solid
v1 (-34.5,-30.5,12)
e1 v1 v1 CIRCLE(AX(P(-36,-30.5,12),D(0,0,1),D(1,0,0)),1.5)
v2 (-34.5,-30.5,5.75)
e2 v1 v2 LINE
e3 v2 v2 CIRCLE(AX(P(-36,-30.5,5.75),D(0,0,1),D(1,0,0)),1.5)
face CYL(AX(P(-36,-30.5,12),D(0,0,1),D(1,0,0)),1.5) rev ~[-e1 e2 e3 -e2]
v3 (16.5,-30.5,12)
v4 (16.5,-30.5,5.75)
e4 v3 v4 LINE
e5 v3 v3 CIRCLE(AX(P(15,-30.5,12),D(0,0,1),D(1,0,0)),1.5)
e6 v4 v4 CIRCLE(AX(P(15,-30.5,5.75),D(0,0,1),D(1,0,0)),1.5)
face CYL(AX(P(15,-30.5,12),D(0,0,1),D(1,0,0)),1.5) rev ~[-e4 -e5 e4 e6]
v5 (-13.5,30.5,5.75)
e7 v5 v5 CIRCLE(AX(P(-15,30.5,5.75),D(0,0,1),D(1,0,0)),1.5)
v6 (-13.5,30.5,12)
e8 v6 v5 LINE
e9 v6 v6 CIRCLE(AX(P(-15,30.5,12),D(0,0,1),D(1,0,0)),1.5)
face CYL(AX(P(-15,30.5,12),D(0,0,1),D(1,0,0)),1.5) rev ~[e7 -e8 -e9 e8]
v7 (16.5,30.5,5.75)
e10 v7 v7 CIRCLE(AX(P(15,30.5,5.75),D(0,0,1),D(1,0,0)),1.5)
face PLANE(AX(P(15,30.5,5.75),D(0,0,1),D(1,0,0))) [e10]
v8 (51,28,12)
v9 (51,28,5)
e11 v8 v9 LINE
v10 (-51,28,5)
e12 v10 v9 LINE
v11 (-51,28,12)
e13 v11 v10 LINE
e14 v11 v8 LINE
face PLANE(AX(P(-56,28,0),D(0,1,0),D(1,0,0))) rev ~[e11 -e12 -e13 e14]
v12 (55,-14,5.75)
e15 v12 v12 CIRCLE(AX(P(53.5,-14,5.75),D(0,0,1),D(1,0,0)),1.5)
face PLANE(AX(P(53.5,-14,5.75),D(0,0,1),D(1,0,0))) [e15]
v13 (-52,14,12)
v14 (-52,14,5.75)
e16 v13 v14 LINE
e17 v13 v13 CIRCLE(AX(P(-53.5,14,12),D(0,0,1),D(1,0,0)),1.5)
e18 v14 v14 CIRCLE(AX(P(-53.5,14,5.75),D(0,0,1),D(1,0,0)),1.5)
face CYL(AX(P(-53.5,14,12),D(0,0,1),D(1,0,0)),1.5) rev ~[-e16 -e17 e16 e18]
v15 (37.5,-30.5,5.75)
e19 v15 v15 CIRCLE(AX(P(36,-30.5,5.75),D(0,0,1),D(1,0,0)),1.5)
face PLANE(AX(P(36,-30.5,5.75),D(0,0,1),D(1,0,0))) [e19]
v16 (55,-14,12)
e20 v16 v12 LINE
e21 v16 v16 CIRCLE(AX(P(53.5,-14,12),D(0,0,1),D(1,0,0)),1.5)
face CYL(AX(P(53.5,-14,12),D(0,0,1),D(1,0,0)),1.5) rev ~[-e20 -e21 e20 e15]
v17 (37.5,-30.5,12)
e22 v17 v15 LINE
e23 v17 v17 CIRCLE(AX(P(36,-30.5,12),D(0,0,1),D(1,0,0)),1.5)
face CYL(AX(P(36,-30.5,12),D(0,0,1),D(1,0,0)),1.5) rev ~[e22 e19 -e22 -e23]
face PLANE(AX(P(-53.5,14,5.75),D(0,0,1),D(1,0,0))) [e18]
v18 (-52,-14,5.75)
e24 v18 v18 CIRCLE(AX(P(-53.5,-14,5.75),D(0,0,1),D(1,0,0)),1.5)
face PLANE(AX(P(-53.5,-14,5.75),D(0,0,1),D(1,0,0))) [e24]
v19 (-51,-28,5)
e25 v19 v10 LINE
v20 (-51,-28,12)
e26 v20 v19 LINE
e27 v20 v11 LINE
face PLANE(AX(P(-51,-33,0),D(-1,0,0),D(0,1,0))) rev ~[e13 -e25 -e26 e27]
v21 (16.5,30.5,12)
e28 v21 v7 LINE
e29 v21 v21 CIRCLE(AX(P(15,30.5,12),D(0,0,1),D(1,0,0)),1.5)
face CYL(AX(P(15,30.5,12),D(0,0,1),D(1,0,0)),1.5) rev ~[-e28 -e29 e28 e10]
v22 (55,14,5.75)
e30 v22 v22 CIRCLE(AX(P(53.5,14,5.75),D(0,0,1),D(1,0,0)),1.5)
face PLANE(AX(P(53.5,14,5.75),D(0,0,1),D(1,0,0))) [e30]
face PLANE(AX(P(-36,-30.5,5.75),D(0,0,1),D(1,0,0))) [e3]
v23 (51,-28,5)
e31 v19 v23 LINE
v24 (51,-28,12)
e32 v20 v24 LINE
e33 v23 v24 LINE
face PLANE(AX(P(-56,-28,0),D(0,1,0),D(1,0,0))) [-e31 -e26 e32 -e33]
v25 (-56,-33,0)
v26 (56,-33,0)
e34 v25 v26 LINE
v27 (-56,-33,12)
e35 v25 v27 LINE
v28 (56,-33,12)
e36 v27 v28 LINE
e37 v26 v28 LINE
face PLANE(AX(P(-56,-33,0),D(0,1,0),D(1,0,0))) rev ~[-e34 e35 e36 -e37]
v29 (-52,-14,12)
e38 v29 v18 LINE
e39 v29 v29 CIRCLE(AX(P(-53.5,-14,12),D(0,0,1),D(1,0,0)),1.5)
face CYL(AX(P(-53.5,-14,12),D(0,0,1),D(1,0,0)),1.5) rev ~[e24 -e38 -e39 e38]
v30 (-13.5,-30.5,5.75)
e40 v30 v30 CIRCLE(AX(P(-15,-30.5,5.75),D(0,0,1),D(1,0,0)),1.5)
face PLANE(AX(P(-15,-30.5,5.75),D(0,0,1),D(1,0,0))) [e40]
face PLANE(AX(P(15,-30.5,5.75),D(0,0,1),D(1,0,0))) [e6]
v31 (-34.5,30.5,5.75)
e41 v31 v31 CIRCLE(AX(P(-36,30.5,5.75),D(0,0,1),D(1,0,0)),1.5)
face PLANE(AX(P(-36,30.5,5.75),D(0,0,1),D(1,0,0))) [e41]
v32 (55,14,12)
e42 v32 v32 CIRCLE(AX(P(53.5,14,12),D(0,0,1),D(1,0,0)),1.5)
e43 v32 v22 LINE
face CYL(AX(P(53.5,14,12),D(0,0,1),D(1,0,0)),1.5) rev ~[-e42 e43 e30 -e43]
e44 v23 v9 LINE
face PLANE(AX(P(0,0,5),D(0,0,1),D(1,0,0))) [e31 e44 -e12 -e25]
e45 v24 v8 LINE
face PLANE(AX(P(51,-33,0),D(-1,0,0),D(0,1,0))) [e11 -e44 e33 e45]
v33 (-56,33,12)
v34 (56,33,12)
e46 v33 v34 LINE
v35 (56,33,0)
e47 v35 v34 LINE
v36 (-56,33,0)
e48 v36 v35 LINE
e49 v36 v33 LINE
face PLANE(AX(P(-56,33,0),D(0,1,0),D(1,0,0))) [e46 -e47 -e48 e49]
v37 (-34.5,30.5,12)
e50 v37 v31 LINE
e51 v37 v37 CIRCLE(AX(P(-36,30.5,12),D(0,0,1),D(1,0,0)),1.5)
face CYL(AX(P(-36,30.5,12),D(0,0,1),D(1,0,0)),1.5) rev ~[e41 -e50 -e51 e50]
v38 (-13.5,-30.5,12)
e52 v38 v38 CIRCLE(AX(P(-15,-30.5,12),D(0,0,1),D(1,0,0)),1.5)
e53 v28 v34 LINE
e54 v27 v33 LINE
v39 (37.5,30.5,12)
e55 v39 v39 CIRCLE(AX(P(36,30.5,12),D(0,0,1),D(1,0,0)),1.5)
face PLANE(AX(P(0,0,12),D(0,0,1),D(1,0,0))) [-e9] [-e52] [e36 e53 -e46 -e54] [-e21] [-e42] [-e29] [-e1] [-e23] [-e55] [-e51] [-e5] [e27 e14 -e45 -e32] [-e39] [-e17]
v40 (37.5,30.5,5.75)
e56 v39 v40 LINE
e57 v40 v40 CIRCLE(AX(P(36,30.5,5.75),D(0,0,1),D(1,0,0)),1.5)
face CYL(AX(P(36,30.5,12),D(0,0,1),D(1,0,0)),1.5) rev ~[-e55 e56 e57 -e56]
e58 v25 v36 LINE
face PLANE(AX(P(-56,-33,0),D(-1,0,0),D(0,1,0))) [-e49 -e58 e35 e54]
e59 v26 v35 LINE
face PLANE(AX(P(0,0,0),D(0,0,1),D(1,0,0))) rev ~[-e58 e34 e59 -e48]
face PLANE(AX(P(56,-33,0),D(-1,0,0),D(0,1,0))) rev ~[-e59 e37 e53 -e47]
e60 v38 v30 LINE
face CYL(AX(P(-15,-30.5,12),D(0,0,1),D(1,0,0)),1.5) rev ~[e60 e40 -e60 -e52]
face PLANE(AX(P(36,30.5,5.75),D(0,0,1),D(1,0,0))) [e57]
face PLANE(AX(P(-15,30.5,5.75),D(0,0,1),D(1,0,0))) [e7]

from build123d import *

# Parameters (mm, degrees)
F0_W     = 112
F0_H     = 66
F1_DEPTH = 12
F2_T     = -5
F3_R     = 1.5
F4_DEPTH = 6.25


with BuildPart() as f1:
    # F0 (on Top) → F1 (new body)
    with BuildSketch(Plane.XY):
        Rectangle(F0_W, F0_H)
    extrude(amount=F1_DEPTH)

    # F2
    f2_openings = [f1.faces().sort_by_distance(p)[0] for p in [
        (0, 0, 12),
    ]]
    offset(amount=F2_T, openings=f2_openings)

    # F3 (on face) → F4 (cut)
    with BuildSketch(Plane.XY.offset(12)):
        with Locations((-53.5, 14)):
            Circle(F3_R)
        with Locations((-53.5, -14)):
            Circle(F3_R)
        with Locations((-36, 30.5)):
            Circle(F3_R)
        with Locations((-15, 30.5)):
            Circle(F3_R)
        with Locations((15, 30.5)):
            Circle(F3_R)
        with Locations((36, 30.5)):
            Circle(F3_R)
        with Locations((53.5, 14)):
            Circle(F3_R)
        with Locations((53.5, -14)):
            Circle(F3_R)
        with Locations((36, -30.5)):
            Circle(F3_R)
        with Locations((15, -30.5)):
            Circle(F3_R)
        with Locations((-15, -30.5)):
            Circle(F3_R)
        with Locations((-36, -30.5)):
            Circle(F3_R)
    extrude(amount=-F4_DEPTH, mode=Mode.SUBTRACT)


solid = f1.part
